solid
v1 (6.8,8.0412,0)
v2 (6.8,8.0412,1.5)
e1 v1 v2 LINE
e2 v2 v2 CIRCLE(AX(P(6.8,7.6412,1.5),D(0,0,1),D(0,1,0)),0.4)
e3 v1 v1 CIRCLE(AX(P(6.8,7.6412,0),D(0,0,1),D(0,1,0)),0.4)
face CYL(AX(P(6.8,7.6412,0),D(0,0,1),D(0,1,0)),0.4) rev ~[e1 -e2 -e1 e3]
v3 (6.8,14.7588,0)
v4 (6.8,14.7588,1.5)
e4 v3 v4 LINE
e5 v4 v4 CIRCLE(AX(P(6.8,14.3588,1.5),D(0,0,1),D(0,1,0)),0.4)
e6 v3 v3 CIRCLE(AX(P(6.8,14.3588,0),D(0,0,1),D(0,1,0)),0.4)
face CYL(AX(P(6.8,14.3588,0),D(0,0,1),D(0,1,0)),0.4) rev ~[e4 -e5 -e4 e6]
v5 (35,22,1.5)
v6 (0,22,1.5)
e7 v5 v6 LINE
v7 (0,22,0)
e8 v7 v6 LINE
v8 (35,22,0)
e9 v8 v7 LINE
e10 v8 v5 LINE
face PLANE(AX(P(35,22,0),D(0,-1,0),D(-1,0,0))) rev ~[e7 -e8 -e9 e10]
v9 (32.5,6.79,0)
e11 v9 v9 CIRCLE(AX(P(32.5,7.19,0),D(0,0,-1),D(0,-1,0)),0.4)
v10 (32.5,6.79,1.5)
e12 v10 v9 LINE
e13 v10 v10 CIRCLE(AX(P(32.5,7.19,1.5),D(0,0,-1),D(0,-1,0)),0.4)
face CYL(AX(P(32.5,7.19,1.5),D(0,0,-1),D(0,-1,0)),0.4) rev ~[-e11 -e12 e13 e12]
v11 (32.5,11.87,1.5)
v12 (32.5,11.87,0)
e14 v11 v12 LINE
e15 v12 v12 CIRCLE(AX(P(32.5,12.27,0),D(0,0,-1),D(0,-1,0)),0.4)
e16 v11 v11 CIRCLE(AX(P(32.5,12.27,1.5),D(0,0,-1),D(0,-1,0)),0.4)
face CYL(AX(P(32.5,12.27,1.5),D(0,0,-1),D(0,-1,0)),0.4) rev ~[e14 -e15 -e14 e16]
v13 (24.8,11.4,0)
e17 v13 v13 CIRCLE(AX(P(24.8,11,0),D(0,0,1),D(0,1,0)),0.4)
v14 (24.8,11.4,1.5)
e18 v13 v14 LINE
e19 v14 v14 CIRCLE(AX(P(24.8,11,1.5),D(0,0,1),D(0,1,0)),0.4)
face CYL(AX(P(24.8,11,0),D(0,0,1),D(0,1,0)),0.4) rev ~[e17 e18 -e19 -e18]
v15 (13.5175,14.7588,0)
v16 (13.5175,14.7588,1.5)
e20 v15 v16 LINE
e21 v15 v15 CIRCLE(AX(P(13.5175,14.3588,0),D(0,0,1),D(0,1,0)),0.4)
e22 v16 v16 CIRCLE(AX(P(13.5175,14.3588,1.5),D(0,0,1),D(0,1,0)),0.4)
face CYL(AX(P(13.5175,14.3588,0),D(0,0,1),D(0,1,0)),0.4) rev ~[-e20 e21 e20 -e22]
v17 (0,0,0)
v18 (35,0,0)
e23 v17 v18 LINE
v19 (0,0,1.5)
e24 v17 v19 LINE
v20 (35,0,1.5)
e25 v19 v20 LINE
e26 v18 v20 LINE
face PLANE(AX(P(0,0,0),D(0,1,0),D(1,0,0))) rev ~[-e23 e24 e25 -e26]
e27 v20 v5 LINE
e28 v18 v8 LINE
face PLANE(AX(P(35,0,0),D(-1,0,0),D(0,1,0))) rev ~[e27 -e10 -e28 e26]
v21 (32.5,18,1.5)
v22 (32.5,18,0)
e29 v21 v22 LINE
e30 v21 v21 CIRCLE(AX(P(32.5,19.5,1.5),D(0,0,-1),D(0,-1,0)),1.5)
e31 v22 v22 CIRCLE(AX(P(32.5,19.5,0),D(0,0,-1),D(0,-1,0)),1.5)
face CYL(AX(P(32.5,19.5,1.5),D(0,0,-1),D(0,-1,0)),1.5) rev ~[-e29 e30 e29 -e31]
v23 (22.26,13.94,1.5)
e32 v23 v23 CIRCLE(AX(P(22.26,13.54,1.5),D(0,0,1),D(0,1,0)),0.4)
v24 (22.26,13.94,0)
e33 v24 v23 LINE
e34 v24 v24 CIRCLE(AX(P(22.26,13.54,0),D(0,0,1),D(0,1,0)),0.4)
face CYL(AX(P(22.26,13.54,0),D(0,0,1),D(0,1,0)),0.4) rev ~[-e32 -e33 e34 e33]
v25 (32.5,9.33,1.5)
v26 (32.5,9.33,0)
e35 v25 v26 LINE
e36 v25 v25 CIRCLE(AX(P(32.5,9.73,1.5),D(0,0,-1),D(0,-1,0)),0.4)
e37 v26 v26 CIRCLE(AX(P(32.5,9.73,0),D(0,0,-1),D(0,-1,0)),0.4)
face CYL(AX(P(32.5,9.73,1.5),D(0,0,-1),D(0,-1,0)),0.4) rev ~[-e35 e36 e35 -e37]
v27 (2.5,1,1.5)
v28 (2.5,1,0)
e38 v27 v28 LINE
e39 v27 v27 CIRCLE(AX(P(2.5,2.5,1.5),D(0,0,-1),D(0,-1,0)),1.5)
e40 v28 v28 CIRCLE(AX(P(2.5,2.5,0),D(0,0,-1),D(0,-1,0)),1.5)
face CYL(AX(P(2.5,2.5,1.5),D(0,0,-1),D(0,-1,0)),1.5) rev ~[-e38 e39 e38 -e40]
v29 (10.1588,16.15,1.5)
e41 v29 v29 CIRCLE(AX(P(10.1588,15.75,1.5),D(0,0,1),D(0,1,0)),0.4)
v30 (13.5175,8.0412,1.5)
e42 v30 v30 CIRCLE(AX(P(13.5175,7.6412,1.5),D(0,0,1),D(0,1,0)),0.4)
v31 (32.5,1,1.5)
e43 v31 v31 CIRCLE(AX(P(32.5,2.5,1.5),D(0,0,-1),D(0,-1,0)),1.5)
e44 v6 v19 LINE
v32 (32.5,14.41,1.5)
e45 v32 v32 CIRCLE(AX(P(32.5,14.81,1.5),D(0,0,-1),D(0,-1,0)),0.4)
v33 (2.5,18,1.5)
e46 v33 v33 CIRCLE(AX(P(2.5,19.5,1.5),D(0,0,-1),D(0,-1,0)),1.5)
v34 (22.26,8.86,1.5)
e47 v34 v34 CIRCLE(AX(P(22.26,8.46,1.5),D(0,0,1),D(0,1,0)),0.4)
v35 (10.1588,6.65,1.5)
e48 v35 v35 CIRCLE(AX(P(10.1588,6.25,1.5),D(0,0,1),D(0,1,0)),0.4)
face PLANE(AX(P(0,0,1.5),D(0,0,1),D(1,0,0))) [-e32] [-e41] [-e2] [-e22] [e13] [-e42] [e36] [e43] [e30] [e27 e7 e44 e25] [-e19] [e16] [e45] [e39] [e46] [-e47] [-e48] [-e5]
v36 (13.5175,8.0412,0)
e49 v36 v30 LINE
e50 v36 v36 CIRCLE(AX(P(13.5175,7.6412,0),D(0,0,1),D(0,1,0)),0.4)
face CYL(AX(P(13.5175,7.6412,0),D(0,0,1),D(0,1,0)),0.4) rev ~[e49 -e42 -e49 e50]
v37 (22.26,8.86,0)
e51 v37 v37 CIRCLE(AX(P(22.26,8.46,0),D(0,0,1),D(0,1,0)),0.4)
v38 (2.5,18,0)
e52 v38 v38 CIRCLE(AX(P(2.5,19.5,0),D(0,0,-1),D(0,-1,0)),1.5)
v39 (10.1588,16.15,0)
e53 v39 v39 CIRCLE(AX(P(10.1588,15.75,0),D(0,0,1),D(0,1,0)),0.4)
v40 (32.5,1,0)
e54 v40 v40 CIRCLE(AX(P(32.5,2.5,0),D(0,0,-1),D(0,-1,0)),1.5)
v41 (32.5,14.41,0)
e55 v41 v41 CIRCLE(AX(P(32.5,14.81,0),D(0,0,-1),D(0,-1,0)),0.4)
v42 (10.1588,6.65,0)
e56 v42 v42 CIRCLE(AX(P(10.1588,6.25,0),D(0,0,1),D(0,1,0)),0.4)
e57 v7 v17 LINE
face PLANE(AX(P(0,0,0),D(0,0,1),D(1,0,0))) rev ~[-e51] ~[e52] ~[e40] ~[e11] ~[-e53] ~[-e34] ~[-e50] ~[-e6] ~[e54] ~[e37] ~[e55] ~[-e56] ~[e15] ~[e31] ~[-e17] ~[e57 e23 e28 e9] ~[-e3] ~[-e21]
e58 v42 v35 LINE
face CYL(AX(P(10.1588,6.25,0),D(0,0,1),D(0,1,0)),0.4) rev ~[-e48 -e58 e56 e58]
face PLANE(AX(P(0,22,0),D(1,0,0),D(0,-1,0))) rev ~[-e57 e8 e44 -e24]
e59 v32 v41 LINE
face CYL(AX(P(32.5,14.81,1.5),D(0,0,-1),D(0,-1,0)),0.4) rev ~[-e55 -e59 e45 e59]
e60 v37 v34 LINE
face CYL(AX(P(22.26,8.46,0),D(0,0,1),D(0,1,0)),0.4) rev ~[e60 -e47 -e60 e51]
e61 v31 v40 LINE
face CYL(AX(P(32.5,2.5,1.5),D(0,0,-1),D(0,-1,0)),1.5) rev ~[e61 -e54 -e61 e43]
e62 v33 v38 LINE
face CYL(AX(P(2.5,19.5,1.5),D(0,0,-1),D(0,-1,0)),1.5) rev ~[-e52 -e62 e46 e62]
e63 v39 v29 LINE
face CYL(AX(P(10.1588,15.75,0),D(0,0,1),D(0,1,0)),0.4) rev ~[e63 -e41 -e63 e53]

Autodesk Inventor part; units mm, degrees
ref_plane "YZ Plane" through (0, 0, 0) normal (1, 0, 0) x (0, 1, 0)
ref_plane "XZ Plane" through (0, 0, 0) normal (0, 1, 0) x (-1, 0, 0)
ref_plane "XY Plane" through (0, 0, 0) normal (0, 0, 1) x (1, 0, 0)
sketch "Skizze1" plane through (0, 0, 0) normal (0, 0, 1) x (1, 0, 0)
  line L0 (0, 0) -> (35, 0)
  line L1 (35, 0) -> (35, 22)
  line L2 (35, 22) -> (0, 22)
  line L3 (0, 22) -> (0, 0)
  dimension "d0" = 35
  dimension "d1" = 22
extrude "Extrusion1" add sketch "Skizze1" along normal blind 1.5
sketch "Skizze2" plane through (0, 0, 1.5) normal (0, 0, 1) x (1, 0, 0)
  line L0 (0, 0) -> (35, 0) construction
  line L1 (35, 0) -> (35, 22) construction
  line L2 (35, 22) -> (0, 22) construction
  line L3 (0, 22) -> (0, 0) construction
  line L4 (35, 0) -> (35, 22) construction
  line L5 (35, 11) -> (0, 11) construction
  line L6 (0, 22) -> (0, 0) construction
  line L7 (0, 0) -> (35, 0) construction
  line L8 (17.5, 0) -> (17.5, 22) construction
  line L9 (35, 22) -> (0, 22) construction
  point P0 (32.5, 19.5)
  point P1 (32.5, 2.5)
  point P2 (2.5, 19.5)
  point P3 (2.5, 2.5)
  dimension "d4" = 2.5
  dimension "d5" = 2.5
hole "Bohrung1" at (32.5, 19.5, 1.5) at (32.5, 2.5, 1.5) at (2.5, 2.5, 1.5) at (2.5, 19.5, 1.5) direction (0, 0, -1) diameter 3 end through all
sketch "Skizze3" plane through (0, 0, 1.5) normal (0, 0, 1) x (1, 0, 0)
  line L0 (35, 0) -> (35, 22) construction
  circle A0 centre (32.5, 2.5) radius 1.5 construction
  line L1 (32.5, 9.73) -> (32.5, 12.27) construction
  point P0 (0, 0)
  point P1 (32.5, 7.19)
  point P2 (32.5, 14.81)
  point P3 (32.5, 11)
  point P4 (35, 11)
  dimension "d15" = 2.54
hole "Bohrung2" at (32.5, 7.19, 1.5) at (32.5, 9.73, 1.5) at (32.5, 12.27, 1.5) at (32.5, 14.81, 1.5) direction (0, 0, -1) diameter 0.8 end through all
sketch "Skizze4" plane through (0, 0, 0) normal (0, 0, -1) x (-1, 0, 0)
  line L0 (0, 22) -> (0, 0) construction
  line L1 (0, 11) -> (-35, 11) construction
  line L2 (-35, 0) -> (-35, 22) construction
  line L3 (-10.1588, 15.75) -> (-10.1588, 6.25) construction
  point P0 (-6.8, 14.3588)
  point P1 (-13.5175, 14.3588)
  point P2 (-6.8, 7.6412)
  point P3 (-13.5175, 7.6412)
  dimension "d27" = 6.7175
  dimension "d29" = 6.7175
  dimension "d30" = 3.6355
  dimension "d31" = 6.8
hole "Bohrung3" at (6.8, 14.3588, 0) at (10.1588, 15.75, 0) at (13.5175, 14.3588, 0) at (6.8, 7.6412, 0) at (10.1588, 6.25, 0) at (13.5175, 7.6412, 0) direction (0, 0, 1) diameter 0.8 end through all
sketch "Skizze5" plane through (0, 0, 0) normal (0, 0, -1) x (-1, 0, 0)
  line L0 (-35, 0) -> (-35, 22) construction
  line L1 (-35, 11) -> (0, 11) construction
  line L2 (0, 22) -> (0, 0) construction
  point P0 (-22.26, 8.46)
  point P1 (-24.8, 11)
  point P2 (-22.26, 13.54)
  dimension "d39" = 5.08
  dimension "d40" = 2.54
  dimension "d41" = 10.2
hole "Bohrung4" at (22.26, 8.46, 0) at (24.8, 11, 0) at (22.26, 13.54, 0) direction (0, 0, 1) diameter 0.8 end through all
equation "\"d29\" = d27"
properties part number "Platine" material "LCP-Kunststoff"
